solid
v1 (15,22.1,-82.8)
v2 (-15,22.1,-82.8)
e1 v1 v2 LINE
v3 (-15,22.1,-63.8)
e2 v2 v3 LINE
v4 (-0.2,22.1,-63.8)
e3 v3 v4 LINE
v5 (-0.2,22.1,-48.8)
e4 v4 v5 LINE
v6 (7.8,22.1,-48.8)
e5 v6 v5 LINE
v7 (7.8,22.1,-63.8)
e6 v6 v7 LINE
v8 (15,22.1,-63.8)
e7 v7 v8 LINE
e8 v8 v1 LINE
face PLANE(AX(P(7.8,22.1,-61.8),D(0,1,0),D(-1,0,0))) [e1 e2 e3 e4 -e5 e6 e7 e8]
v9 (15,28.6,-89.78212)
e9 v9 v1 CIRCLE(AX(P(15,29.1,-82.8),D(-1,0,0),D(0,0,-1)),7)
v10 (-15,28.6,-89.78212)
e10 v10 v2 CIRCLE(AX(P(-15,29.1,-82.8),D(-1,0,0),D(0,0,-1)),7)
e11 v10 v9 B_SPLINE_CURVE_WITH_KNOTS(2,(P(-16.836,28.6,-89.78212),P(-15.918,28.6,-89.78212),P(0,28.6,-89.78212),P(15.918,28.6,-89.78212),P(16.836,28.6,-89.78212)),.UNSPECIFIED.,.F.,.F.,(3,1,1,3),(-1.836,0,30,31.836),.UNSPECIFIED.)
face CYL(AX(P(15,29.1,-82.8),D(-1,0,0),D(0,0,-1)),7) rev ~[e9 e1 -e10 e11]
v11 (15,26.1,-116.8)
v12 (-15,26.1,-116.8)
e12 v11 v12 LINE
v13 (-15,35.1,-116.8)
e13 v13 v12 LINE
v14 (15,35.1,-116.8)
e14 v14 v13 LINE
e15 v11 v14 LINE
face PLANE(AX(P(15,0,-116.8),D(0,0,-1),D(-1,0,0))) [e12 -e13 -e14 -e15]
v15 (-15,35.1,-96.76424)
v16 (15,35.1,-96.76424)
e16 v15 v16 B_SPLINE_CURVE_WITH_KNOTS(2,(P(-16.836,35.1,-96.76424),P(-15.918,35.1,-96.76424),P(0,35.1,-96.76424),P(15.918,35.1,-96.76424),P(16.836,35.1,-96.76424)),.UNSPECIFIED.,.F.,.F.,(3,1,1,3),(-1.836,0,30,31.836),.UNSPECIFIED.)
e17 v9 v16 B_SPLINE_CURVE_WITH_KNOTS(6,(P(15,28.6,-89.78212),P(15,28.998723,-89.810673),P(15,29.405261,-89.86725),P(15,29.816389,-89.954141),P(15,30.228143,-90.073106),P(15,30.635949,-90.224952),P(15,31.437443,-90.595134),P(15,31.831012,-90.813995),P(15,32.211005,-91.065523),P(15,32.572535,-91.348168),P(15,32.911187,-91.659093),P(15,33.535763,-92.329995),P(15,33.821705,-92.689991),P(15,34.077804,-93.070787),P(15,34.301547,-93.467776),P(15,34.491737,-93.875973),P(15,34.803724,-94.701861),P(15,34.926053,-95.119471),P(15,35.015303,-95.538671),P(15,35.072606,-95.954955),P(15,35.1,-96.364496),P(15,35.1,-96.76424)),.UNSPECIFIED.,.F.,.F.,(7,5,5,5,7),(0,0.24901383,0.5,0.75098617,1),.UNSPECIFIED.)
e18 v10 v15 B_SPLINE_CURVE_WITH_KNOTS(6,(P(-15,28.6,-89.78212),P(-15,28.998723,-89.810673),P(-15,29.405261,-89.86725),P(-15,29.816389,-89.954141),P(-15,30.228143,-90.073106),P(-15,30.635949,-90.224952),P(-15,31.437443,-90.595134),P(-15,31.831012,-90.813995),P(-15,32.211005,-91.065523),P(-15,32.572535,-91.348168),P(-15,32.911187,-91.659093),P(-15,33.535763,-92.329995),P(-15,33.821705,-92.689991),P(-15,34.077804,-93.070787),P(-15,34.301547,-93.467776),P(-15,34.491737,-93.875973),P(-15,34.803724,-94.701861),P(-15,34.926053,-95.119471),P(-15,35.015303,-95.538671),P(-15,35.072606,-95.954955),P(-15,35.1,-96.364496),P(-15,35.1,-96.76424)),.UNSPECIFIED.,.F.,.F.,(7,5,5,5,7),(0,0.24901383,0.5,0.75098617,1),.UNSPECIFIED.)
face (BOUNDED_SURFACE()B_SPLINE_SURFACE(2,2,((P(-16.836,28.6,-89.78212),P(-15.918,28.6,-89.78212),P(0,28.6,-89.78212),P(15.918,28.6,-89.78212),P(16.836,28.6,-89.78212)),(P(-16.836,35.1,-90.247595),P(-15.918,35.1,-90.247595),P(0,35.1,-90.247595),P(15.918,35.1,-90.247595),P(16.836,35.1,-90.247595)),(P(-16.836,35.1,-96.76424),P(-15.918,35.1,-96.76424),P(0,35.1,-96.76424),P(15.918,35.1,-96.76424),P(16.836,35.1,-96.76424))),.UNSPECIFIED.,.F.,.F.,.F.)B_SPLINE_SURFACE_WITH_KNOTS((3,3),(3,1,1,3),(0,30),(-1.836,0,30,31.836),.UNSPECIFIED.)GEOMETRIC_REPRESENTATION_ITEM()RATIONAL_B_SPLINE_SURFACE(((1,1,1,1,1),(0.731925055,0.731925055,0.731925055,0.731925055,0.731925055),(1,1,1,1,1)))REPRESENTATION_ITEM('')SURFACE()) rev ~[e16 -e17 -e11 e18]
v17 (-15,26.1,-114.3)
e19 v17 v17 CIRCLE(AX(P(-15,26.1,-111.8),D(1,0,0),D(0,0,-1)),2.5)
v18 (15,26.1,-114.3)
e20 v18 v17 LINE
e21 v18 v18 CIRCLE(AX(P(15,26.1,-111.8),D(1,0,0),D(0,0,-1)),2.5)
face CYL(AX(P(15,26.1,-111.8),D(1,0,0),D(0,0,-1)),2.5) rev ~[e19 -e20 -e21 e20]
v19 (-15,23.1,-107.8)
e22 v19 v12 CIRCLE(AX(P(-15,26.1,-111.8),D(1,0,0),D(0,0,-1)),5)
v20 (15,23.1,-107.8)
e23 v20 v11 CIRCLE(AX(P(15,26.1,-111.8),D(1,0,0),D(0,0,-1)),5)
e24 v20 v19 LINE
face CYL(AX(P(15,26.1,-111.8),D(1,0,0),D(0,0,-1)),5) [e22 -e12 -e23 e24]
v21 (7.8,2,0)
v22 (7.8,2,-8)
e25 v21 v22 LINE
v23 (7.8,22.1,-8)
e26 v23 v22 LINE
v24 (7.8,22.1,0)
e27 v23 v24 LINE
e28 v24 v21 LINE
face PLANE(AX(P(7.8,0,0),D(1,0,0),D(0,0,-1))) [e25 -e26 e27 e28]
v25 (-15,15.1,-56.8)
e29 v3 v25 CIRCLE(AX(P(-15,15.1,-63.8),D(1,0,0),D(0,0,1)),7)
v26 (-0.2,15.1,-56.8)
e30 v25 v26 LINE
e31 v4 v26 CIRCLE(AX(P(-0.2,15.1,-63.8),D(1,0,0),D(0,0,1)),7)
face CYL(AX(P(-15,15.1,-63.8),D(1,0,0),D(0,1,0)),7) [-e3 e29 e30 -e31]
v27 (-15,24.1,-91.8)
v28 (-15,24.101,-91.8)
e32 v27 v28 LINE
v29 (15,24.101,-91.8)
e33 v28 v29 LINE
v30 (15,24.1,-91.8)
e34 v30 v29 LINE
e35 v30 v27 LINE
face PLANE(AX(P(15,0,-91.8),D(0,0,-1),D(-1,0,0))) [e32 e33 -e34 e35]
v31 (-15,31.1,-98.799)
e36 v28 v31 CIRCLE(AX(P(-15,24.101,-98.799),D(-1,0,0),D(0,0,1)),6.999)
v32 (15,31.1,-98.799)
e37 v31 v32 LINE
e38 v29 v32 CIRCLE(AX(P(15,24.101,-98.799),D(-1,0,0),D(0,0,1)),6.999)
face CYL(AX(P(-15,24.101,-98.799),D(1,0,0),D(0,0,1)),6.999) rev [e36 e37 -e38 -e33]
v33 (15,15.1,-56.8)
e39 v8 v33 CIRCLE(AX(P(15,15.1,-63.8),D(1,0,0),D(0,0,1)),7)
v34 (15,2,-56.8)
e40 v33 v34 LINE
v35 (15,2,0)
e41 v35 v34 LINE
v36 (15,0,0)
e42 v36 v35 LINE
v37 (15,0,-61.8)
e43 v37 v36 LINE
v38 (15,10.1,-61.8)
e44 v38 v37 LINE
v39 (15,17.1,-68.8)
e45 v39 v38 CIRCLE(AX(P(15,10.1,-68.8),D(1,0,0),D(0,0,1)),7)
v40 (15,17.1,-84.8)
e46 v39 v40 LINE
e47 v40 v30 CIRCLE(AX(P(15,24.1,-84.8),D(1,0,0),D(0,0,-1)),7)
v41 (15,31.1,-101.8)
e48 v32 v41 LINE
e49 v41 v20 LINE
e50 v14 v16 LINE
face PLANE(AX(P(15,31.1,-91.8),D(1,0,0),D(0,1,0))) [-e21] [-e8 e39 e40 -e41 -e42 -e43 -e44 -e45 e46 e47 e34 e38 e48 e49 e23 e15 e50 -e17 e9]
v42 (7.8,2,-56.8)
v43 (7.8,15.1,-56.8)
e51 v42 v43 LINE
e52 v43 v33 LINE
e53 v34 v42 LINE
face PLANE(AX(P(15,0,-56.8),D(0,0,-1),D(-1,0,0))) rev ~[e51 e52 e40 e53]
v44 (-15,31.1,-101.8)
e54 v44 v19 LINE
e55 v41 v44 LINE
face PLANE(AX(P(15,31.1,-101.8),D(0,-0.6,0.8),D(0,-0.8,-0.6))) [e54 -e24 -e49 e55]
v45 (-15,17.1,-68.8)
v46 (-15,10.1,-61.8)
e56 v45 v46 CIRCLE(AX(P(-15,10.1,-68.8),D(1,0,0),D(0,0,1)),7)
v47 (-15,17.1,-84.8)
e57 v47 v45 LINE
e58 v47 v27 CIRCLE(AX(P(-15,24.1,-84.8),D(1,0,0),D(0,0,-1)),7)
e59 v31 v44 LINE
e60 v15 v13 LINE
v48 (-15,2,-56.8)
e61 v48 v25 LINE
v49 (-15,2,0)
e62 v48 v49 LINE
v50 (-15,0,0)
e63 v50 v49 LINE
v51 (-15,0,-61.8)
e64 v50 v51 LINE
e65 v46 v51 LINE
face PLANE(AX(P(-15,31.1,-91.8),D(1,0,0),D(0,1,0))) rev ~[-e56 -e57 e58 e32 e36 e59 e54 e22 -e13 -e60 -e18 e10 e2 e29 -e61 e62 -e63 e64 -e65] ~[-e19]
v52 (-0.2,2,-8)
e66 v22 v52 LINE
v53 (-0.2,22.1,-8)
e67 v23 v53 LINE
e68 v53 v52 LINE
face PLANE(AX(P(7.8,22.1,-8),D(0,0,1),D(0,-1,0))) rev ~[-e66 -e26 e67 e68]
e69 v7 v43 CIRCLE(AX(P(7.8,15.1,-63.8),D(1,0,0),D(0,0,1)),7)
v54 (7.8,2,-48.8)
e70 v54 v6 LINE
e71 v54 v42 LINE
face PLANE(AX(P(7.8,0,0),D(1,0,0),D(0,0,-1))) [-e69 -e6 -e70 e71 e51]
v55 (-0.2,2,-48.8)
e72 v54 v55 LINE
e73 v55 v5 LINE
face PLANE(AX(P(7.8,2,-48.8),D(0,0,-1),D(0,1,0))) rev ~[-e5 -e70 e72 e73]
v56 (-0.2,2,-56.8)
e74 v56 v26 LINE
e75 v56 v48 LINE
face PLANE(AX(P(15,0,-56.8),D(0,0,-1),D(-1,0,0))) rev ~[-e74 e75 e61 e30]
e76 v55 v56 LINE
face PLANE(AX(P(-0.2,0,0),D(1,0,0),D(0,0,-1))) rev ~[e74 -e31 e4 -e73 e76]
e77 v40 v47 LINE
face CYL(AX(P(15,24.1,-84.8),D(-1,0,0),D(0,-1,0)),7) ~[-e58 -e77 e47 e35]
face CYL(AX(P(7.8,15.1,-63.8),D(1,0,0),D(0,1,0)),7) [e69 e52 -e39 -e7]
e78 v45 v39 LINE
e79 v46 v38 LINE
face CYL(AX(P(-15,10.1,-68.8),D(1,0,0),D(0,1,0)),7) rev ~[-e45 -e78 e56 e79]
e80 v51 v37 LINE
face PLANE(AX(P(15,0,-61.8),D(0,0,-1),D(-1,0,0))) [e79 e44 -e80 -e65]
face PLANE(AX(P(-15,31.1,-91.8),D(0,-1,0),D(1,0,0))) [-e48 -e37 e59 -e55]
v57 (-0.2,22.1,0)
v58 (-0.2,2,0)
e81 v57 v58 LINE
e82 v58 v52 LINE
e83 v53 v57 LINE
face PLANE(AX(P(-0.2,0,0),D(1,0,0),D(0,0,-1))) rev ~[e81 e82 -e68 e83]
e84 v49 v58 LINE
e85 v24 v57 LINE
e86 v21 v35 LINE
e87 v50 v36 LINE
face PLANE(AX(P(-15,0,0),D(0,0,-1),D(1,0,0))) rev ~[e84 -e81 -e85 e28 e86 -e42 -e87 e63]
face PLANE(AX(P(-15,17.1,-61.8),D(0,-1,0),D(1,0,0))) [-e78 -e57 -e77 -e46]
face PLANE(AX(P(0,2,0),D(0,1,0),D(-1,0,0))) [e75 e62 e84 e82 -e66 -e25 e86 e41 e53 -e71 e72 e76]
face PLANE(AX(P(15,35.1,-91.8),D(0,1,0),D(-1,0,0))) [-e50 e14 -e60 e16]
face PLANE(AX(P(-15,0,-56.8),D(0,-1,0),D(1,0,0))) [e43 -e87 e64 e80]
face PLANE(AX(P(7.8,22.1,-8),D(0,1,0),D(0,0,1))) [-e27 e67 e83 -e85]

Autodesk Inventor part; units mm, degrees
ref_plane "YZ Plane" through (0, 0, 0) normal (1, 0, 0) x (0, 1, 0)
ref_plane "XZ Plane" through (0, 0, 0) normal (0, 1, 0) x (-1, 0, 0)
sketch "スケッチ1" plane through (0, 0, 0) normal (0, 1, 0) x (-1, 0, 0)
  line L0 (15, 0) -> (-15, 0)
  line L1 (-15, 0) -> (-15, -56.8)
  line L2 (-15, -56.8) -> (15, -56.8)
  line L3 (15, -56.8) -> (15, 0)
  point P0 (0, 0)
  point P1 (0, 0)
  dimension "d0" = 30
  dimension "d9" = 56.8
extrude "押し出し1" add sketch "スケッチ1" along normal blind 2
ref_plane "作業平面1" through (7.8, 0, 0) normal (1, 0, 0) x (0, 0, -1)
sketch "スケッチ2" plane through (7.8, 0, 0) normal (1, 0, 0) x (0, 0, -1)
  line L0 (0, 2) -> (56.8, 2)
  line L1 (56.8, 2) -> (56.8, 22.1)
  line L2 (56.8, 22.1) -> (0, 22.1)
  line L3 (0, 22.1) -> (0, 2)
  line L4 (8, 2) -> (48.8, 2)
  line L5 (48.8, 2) -> (48.8, 22.1)
  line L6 (48.8, 22.1) -> (8, 22.1)
  line L7 (8, 22.1) -> (8, 2)
  line L8 (0, 2) -> (56.8, 2) projected
  line L9 (0, 0) -> (0, 2) projected
  point P0 (28.4, 22.1)
  dimension "d4" = 56.8
  dimension "d5" = 40.8
  dimension "d6" = 20.1
extrude "押し出し2" add sketch "スケッチ2" against normal blind 8 contours L3 L2 L7 L0 | L5 L2 L1 L0
sketch "スケッチ3" plane through (15, 0, -56.8) normal (0, 0, -1) x (-1, 0, 0)
  line L0 (30, 0) -> (0, 0) projected
  line L1 (0, 0) -> (30, 0)
  line L2 (30, 0) -> (30, 22.1)
  line L3 (30, 22.1) -> (0, 22.1)
  line L4 (0, 22.1) -> (0, 0)
  line L5 (7.2, 22.1) -> (15.2, 22.1) projected
  line L6 (30, 0) -> (30, 2) projected
  point P0 (15, 0)
extrude "押し出し3" add sketch "スケッチ3" along normal blind 5
sketch "スケッチ4" plane through (15, 0, -61.8) normal (0, 0, -1) x (-1, 0, 0)
  line L0 (7.2, 22.1) -> (0, 22.1) projected
  line L1 (30, 2) -> (30, 22.1) projected
  line L2 (0, 22.1) -> (30, 22.1)
  line L3 (30, 22.1) -> (30, 17.1)
  line L4 (30, 17.1) -> (0, 17.1)
  line L5 (0, 17.1) -> (0, 22.1)
  point P0 (15, 0)
  point P1 (7.2, 22.1)
  dimension "d12" = 5
extrude "押し出し4" add sketch "スケッチ4" along normal blind 28
sketch "スケッチ5" plane through (15, 0, -89.8) normal (0, 0, -1) x (-1, 0, 0)
  line L0 (0, 17.1) -> (30, 17.1) projected
  line L1 (0, 17.1) -> (30, 17.1)
  line L2 (30, 17.1) -> (30, 35.1)
  line L3 (30, 35.1) -> (0, 35.1)
  line L4 (0, 35.1) -> (0, 17.1)
  line L5 (30, 17.1) -> (30, 22.1) projected
  line L6 (30, 22.1) -> (0, 22.1) projected
  point P0 (15, 0)
  dimension "d21" = 13
extrude "押し出し5" add sketch "スケッチ5" along normal blind 2
sketch "スケッチ6" plane through (15, 0, -91.8) normal (0, 0, -1) x (-1, 0, 0)
  line L0 (30, 22.1) -> (30, 35.1) projected
  line L1 (0, 35.1) -> (30, 35.1)
  line L2 (30, 35.1) -> (30, 31.1)
  line L3 (30, 31.1) -> (0, 31.1)
  line L4 (0, 31.1) -> (0, 35.1)
  line L5 (0, 35.1) -> (0, 17.1) projected
  line L6 (30, 35.1) -> (0, 35.1) projected
  point P0 (15, 0)
  point P1 (30, 35.1)
  dimension "d18" = 4
extrude "押し出し6" add sketch "スケッチ6" along normal blind 25
fillet "フィレット1" radius 7 7 edges at (0, 17.1, -61.8) (0, 17.1, -91.8) (0, 31.1, -91.8) (0, 22.1, -89.8) (0, 35.1, -89.8) (11.4, 22.1, -56.8) (-7.6, 22.1, -56.8)
sketch "スケッチ7" plane through (15, 0, 0) normal (1, 0, 0) x (0, 0, -1)
  circle A0 centre (111.8, 26.1) radius 5
  circle A1 centre (111.8, 26.1) radius 2.5
  line L0 (98.8, 31.1) -> (116.8, 31.1) projected
  line L1 (116.8, 35.1) -> (116.8, 31.1) projected
  line L2 (116.8, 31.1) -> (116.8, 26.1)
  line L3 (101.8, 31.1) -> (107.8, 23.1)
  point P0 (0, 0)
  dimension "d23" = 10
  dimension "d24" = 5
  dimension "d25" = 10
extrude "押し出し7" add sketch "スケッチ7" against normal up to surface (30 mm away)
properties part number "arm_0"
